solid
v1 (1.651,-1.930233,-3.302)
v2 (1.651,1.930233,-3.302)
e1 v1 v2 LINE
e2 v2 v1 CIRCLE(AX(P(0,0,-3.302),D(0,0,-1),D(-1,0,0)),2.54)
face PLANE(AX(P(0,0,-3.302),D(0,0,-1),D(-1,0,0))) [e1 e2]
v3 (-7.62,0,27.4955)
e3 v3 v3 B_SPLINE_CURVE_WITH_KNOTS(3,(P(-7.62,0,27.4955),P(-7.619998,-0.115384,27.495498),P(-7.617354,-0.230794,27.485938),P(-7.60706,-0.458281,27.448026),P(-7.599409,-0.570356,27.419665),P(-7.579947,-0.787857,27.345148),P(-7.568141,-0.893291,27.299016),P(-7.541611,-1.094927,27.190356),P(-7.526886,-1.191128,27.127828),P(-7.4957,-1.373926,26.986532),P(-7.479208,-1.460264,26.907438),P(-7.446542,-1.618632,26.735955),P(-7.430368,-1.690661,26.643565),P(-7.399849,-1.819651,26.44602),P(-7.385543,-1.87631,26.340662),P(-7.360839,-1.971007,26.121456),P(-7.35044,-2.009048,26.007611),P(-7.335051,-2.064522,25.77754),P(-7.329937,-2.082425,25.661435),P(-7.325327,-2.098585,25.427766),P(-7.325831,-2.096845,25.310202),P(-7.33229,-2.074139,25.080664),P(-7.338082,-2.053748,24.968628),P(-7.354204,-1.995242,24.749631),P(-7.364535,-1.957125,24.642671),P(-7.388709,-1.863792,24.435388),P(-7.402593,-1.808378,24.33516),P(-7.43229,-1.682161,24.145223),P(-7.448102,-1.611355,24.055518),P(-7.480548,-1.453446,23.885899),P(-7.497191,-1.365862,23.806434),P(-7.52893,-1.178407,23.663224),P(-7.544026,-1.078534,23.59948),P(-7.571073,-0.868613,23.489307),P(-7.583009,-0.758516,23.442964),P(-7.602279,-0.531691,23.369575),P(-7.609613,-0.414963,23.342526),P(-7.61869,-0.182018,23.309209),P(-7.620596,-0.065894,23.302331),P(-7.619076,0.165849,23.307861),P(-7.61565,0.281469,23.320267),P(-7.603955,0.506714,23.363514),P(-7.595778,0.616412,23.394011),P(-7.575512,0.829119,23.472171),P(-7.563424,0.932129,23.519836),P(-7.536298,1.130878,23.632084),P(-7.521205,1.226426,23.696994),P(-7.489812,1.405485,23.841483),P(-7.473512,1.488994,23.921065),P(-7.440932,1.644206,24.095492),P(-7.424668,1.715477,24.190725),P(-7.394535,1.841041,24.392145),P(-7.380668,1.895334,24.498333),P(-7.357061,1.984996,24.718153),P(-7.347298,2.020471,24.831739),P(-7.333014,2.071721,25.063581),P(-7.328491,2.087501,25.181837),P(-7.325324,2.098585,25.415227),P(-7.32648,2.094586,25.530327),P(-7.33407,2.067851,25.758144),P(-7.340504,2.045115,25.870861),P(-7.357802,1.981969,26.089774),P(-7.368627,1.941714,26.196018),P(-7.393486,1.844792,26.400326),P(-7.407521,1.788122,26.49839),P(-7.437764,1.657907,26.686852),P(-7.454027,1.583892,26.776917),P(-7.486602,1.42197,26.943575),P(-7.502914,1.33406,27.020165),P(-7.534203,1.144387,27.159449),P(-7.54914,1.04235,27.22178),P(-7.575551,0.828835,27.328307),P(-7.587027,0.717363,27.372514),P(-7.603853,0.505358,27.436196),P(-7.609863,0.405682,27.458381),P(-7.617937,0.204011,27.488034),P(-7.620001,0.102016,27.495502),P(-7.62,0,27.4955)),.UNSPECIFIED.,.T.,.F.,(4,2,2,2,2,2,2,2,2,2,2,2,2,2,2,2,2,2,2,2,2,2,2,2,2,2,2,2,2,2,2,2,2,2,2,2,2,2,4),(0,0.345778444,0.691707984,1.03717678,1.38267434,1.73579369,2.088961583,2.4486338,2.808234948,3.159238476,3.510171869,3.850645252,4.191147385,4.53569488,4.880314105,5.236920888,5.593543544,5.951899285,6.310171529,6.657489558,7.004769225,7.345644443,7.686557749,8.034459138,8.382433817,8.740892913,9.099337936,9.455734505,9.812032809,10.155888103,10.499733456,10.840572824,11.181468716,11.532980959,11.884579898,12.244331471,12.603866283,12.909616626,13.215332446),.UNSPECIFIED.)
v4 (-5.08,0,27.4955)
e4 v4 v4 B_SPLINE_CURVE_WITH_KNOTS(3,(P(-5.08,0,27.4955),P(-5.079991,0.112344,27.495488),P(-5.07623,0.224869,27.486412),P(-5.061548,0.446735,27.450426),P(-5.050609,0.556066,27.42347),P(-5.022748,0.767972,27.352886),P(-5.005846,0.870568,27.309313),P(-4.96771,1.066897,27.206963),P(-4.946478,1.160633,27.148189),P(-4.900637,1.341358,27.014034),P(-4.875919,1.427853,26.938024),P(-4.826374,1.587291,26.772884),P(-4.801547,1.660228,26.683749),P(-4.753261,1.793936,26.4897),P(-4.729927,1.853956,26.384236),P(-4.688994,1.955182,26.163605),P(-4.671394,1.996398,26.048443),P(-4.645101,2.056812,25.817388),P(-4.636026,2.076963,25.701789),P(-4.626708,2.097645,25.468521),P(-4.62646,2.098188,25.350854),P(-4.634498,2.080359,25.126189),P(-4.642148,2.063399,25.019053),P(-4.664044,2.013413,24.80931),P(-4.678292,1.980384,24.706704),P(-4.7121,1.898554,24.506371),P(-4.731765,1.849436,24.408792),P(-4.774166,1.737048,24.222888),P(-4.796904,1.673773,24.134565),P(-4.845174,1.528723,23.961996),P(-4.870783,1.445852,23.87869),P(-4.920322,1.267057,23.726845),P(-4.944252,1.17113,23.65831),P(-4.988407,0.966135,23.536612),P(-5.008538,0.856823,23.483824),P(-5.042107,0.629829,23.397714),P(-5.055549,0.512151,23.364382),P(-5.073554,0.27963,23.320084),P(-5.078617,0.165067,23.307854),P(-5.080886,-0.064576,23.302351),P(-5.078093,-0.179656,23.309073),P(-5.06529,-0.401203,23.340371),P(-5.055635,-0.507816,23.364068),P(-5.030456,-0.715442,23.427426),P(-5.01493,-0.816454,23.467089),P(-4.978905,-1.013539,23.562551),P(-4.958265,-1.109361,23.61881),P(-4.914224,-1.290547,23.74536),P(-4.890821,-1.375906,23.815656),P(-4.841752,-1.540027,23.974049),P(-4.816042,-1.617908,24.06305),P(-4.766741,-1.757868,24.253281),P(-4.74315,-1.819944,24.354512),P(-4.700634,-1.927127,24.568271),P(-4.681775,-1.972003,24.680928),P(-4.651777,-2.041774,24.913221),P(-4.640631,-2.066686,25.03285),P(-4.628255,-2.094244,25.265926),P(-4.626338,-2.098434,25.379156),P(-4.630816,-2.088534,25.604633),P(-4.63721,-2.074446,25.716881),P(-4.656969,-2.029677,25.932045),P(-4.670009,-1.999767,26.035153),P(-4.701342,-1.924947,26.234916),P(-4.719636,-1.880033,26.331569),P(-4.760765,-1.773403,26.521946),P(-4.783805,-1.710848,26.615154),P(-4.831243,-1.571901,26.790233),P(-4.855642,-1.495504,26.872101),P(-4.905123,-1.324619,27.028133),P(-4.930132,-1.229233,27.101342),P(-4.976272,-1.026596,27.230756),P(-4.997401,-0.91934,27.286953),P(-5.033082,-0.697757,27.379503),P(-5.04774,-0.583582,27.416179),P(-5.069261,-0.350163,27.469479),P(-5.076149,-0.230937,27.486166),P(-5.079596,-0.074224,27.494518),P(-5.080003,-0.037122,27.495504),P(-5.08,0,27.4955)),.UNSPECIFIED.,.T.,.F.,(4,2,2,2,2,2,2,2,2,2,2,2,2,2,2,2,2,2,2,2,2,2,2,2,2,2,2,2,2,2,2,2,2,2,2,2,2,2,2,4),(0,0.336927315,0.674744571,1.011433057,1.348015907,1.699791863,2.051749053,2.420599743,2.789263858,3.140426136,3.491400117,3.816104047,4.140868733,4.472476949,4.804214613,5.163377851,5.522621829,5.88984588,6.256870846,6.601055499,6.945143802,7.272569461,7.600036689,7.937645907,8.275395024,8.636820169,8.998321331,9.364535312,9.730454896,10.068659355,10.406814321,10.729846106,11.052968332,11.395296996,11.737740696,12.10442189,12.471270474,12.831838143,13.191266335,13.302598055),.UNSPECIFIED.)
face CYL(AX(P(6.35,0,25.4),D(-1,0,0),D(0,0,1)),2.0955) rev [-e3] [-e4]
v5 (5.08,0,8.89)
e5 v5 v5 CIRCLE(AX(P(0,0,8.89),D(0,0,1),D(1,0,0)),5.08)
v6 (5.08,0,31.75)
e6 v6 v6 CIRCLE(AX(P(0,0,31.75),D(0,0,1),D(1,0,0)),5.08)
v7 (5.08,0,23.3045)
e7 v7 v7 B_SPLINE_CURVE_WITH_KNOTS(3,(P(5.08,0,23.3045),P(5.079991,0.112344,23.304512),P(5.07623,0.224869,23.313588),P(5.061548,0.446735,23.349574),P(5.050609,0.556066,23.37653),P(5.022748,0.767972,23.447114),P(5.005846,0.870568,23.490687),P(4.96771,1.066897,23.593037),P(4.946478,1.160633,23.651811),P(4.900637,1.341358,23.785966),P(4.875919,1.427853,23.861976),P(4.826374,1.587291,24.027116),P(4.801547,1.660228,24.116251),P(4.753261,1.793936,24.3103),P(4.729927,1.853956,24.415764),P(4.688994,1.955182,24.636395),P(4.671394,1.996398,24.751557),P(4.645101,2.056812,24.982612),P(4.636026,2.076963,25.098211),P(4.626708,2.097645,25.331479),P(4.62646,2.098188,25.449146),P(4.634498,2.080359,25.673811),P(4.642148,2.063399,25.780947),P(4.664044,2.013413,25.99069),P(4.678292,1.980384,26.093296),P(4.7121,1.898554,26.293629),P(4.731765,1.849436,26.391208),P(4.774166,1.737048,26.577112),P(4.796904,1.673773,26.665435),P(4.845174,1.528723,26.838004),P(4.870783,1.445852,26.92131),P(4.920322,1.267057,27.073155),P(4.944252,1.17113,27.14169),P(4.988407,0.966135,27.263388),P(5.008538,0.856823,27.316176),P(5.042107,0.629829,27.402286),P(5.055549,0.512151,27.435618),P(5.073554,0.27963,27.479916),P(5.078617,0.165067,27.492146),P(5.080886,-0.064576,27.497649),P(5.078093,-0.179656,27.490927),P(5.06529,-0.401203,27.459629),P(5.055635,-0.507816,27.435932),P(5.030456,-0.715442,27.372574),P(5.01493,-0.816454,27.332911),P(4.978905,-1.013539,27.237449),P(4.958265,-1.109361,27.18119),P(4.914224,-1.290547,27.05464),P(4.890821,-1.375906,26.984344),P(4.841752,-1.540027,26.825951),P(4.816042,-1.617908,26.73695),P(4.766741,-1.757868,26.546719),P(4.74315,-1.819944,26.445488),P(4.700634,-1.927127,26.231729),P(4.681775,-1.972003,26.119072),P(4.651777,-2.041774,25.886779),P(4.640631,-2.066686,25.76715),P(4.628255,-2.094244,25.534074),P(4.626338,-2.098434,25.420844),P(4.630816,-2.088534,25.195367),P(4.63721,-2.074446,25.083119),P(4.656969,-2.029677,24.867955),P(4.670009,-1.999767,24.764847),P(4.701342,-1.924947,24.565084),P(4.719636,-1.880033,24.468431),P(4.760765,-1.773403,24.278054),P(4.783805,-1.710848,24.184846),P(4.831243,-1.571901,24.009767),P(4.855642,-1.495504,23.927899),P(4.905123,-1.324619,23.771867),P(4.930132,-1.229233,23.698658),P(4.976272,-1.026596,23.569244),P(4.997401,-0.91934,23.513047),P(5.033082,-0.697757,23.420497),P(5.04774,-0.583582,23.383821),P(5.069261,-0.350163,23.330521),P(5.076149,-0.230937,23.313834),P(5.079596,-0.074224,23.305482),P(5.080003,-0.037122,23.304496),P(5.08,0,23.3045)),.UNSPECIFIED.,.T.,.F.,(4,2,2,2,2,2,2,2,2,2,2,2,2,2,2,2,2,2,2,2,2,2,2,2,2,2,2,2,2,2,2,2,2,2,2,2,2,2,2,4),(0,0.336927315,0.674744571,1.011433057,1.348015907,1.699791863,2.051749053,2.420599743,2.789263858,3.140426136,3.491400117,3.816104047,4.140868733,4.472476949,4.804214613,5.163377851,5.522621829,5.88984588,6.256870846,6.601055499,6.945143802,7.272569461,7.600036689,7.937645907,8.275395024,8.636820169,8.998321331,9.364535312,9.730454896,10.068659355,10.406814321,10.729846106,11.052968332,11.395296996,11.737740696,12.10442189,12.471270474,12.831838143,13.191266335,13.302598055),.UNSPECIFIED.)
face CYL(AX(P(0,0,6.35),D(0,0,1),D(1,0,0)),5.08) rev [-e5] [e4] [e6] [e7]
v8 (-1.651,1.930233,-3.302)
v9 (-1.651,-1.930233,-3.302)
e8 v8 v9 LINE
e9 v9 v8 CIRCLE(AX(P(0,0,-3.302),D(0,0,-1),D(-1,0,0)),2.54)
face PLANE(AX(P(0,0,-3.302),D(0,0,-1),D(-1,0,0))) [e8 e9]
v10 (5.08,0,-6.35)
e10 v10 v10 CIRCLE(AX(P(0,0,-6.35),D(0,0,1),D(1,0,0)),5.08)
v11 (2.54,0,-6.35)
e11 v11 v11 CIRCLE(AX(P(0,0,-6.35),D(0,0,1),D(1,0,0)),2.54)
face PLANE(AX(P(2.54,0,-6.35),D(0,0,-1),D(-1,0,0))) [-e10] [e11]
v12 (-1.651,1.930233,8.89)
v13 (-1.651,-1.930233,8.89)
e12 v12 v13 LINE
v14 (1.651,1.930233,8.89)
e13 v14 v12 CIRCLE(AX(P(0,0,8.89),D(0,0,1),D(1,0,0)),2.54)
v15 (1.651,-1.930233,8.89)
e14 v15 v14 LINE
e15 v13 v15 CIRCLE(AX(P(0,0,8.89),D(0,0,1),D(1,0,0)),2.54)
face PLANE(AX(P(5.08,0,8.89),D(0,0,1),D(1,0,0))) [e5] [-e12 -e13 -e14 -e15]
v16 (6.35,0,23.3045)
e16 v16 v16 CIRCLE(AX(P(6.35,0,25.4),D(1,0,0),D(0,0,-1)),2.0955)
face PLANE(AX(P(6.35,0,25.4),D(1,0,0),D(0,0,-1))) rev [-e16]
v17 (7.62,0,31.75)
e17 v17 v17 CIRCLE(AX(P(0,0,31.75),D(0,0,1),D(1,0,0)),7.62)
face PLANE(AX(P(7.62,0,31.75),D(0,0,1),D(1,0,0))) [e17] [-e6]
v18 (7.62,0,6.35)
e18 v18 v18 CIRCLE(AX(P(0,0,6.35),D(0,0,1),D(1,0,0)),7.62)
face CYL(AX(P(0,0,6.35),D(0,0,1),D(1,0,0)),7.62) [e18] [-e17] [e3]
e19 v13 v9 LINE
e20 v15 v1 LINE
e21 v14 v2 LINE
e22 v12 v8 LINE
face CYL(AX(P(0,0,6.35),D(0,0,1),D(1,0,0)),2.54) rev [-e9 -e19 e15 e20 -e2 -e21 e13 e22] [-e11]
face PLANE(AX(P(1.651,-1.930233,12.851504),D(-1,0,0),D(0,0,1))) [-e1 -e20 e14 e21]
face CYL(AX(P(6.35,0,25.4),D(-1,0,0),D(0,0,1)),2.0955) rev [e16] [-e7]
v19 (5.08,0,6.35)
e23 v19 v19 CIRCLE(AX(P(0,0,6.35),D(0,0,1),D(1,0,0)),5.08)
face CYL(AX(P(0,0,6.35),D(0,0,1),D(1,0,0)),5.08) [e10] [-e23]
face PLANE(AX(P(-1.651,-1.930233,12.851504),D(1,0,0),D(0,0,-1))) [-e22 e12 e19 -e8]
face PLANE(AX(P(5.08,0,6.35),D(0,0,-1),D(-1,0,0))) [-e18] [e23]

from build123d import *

# Parameters (mm, degrees)
BOSS_EXTRUDE1_START     = -15.24
BOSS_EXTRUDE1_DEPTH     = 12.192
CUT_EXTRUDE4_DEPTH      = 6.35
CUT_EXTRUDE4_DEPTH_BACK = 8.89
SKETCH4_R               = 2.0955


with BuildPart() as part:
    # Sketch1 → Revolve1 (revolve)
    with BuildSketch(Plane(origin=(0, 0, 0), x_dir=(1, 0, 0), z_dir=(0, 1, 0))):
        Polygon((2.54, 6.35), (2.54, -6.35), (2.54, -8.89), (5.08, -8.89), (5.08, -31.75), (7.62, -31.75), (7.62, -6.35), (5.08, -6.35), (5.08, 6.35), align=None)
    revolve(axis=Axis((0, 0, 6.35), (0, 0, -1)))

    # Sketch2 → Boss-Extrude1 (add)
    with BuildSketch(Plane(origin=(0, 0, -6.35), x_dir=(-1, 0, 0), z_dir=(0, 0, -1)).offset(BOSS_EXTRUDE1_START)):
        with BuildLine():
            Line((1.651, -1.930232888), (1.651, 1.930232888))
            ThreePointArc((1.651, 1.930232888), (2.54, 0), (1.651, -1.930232888))
        make_face()
        with BuildLine():
            Line((-1.651, -1.930232888), (-1.651, 1.930232888))
            ThreePointArc((-1.651, 1.930232888), (-2.54, 0), (-1.651, -1.930232888))
        make_face()
    extrude(amount=BOSS_EXTRUDE1_DEPTH)

    # Sketch4 → Cut-Extrude4 (cut, two sides: drawn at the far end of the back side and taken through both)
    with BuildSketch(Plane(origin=(0, 0, 0), x_dir=(0, 0, -1), z_dir=(1, 0, 0)).offset(-CUT_EXTRUDE4_DEPTH_BACK)):
        with Locations(Location((-25.4, 0, 0), (0, 0, 180))):
            Circle(SKETCH4_R)
    extrude(amount=CUT_EXTRUDE4_DEPTH + CUT_EXTRUDE4_DEPTH_BACK, mode=Mode.SUBTRACT)


solid = part.part
